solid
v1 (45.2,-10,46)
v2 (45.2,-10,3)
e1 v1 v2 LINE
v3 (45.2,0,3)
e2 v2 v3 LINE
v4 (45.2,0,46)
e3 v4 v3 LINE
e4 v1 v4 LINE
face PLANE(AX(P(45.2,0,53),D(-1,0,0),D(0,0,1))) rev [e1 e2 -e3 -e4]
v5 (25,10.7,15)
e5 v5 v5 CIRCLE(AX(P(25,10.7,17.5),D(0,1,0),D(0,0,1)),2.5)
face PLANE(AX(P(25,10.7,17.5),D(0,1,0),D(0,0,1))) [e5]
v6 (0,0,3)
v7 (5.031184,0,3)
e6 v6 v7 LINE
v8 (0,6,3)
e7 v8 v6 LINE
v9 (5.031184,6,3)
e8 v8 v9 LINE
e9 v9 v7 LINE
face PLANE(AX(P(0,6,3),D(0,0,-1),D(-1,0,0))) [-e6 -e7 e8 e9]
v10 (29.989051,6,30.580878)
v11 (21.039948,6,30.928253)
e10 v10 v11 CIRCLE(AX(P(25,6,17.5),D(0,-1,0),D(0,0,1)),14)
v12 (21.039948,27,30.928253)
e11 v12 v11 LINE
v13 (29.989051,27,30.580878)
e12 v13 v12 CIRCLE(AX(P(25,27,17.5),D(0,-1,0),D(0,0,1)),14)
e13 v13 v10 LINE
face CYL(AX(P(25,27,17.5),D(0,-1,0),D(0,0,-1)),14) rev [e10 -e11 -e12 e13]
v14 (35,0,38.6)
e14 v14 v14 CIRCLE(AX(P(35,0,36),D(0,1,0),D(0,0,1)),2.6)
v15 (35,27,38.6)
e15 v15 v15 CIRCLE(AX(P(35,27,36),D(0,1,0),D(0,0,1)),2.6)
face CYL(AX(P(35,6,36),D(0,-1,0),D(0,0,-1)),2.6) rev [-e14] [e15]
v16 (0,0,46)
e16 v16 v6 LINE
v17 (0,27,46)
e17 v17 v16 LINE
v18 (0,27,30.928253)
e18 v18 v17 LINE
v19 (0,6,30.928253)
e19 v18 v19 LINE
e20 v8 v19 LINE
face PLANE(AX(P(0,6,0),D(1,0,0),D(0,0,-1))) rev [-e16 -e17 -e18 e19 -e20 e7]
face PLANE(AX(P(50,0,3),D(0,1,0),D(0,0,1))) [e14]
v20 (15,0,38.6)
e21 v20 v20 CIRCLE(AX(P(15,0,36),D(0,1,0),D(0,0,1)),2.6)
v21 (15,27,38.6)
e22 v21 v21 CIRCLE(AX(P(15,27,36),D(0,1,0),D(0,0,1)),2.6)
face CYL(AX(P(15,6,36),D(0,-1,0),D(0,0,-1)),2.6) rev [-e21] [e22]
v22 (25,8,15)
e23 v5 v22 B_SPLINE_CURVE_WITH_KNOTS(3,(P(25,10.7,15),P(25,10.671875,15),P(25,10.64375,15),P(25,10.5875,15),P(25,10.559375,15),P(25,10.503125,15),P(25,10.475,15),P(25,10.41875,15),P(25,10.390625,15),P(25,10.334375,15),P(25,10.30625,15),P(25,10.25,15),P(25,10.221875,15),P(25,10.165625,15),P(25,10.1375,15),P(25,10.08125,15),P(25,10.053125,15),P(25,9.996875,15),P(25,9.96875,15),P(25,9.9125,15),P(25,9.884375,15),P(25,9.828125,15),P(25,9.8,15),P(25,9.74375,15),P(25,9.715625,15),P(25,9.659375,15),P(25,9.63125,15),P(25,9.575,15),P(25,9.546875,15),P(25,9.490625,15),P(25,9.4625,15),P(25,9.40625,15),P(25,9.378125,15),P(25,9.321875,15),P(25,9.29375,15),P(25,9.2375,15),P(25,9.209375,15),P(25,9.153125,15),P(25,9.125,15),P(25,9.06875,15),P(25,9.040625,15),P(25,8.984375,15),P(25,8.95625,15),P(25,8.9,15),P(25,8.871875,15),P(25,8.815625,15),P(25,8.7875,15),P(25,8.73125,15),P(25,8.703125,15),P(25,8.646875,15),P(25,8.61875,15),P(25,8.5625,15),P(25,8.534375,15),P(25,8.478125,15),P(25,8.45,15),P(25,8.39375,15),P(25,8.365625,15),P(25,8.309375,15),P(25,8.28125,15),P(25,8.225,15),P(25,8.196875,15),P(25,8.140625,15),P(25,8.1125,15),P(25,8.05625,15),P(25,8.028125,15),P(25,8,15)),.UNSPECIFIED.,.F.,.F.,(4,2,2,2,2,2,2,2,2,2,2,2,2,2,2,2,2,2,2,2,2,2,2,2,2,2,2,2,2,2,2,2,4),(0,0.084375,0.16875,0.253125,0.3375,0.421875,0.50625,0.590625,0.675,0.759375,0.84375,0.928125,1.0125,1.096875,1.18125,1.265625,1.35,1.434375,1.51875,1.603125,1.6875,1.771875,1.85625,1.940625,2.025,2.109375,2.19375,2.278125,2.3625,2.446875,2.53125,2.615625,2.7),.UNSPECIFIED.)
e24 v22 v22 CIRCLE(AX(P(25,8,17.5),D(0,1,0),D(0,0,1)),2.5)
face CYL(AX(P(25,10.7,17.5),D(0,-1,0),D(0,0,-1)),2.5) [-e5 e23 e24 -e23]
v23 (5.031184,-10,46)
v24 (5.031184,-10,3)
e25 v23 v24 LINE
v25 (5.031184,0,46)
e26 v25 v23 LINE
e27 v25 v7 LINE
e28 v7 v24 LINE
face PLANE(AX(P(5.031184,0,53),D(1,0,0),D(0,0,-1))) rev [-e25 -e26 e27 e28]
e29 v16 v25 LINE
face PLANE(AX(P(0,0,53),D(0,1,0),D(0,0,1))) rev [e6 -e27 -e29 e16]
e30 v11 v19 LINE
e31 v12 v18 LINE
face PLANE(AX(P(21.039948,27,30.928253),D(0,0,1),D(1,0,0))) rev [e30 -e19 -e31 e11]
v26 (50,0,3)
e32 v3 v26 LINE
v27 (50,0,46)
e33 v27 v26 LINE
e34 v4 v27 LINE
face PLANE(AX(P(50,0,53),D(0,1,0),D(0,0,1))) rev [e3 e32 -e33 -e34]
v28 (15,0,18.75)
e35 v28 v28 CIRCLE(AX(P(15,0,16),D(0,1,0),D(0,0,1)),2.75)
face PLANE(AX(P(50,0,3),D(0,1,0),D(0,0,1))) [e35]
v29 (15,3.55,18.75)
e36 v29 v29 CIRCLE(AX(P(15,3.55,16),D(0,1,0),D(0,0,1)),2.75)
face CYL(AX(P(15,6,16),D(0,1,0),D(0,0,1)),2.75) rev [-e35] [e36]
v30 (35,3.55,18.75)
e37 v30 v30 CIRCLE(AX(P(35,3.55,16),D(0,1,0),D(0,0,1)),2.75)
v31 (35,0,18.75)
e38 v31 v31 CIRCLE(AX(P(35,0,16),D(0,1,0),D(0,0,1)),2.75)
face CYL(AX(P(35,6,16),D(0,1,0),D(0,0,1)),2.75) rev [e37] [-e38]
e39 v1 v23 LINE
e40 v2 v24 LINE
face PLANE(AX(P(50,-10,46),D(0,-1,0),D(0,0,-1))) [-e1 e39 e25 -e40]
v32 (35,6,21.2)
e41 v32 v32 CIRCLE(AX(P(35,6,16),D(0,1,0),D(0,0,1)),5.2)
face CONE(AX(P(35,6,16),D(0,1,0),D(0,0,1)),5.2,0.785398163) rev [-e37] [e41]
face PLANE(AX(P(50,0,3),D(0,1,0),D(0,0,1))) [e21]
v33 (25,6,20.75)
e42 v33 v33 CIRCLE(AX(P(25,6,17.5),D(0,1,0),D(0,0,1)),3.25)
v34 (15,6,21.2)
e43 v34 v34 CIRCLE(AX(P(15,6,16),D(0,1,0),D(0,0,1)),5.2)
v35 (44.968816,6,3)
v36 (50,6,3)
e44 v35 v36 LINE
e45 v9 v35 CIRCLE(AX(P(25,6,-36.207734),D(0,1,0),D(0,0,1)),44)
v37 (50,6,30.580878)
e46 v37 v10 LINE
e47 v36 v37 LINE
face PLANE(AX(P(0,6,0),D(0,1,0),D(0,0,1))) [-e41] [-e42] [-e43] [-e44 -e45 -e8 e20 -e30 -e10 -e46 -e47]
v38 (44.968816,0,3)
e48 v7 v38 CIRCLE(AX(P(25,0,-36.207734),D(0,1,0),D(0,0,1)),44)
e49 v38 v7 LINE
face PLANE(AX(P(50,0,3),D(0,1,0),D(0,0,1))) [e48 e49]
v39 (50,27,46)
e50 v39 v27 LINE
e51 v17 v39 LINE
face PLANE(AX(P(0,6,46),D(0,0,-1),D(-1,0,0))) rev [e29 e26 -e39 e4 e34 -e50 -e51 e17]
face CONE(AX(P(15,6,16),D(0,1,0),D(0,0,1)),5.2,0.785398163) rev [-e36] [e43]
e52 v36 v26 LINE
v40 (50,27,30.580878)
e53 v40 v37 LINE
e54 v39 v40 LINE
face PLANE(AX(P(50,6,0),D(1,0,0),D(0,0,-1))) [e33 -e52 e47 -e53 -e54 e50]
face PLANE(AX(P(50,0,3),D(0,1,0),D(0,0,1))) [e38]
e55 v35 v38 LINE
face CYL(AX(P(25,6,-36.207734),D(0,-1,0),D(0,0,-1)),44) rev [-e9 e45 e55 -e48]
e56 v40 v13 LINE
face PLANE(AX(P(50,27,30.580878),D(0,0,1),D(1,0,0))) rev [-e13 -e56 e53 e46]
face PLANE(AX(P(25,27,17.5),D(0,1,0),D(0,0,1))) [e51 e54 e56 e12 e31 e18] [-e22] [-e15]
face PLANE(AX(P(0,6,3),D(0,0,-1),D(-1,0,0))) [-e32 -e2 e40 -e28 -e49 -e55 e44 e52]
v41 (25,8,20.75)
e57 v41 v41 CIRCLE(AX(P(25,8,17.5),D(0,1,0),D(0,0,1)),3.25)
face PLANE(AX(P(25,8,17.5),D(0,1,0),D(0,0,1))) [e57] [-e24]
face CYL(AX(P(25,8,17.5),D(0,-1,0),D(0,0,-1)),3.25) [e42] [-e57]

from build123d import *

# Parameters (mm, degrees)
SKETCH1_R                                       = 2.6
BOSS_EXTRUDE1_DEPTH                             = 6
SKETCH2_R                                       = 3.25
BOSS_EXTRUDE2_DEPTH                             = 2
SKETCH3_R                                       = 2.5
BOSS_EXTRUDE3_DEPTH                             = 2.7
CSK_FOR_M5_FLAT_HEAD_MACHINE_SCREW1_D           = 5.5
CSK_FOR_M5_FLAT_HEAD_MACHINE_SCREW1_CSINK_D     = 10.4
CSK_FOR_M5_FLAT_HEAD_MACHINE_SCREW1_CSINK_ANGLE = 90
SKETCH7_R                                       = 2.6
BOSS_EXTRUDE5_DEPTH                             = 21
SKETCH8_W                                       = 43
SKETCH8_H                                       = 10
BOSS_EXTRUDE6_DEPTH                             = 50
SKETCH9_W                                       = 4.8
SKETCH9_H                                       = 10
SKETCH9_W_2                                     = 5.031184409
CUT_EXTRUDE1_DEPTH                              = 50


with BuildPart() as part:
    # Sketch1 → Boss-Extrude1 (new body)
    with BuildSketch(Plane(origin=(0, 0, 0), x_dir=(1, 0, 0), z_dir=(0, 1, 0))):
        with BuildLine():
            Line((5.031184409, -3), (0, -3))
            Line((0, -3), (0, -46))
            Line((0, -46), (50, -46))
            Line((50, -46), (50, -3))
            Line((50, -3), (44.968815591, -3))
            ThreePointArc((44.968815591, -3), (25, -7.79226602), (5.031184409, -3))
        make_face()
        with Locations(Location((15, -36, 0), (0, 0, 270))):
            Circle(SKETCH1_R, mode=Mode.SUBTRACT)
        with Locations(Location((35, -36, 0), (0, 0, 270))):
            Circle(SKETCH1_R, mode=Mode.SUBTRACT)
        with Locations(Location((15, -16, 0), (0, 0, 270))):
            Circle(SKETCH1_R, mode=Mode.SUBTRACT)
        with Locations(Location((35, -16, 0), (0, 0, 270))):
            Circle(SKETCH1_R, mode=Mode.SUBTRACT)
    extrude(amount=BOSS_EXTRUDE1_DEPTH)

    # Sketch2 → Boss-Extrude2 (add)
    with BuildSketch(Plane(origin=(0, 6, 0), x_dir=(1, 0, 0), z_dir=(0, 1, 0))):
        with Locations(Location((25, -17.5, 0), (0, 0, 270))):
            Circle(SKETCH2_R)
    extrude(amount=BOSS_EXTRUDE2_DEPTH)

    # Sketch3 → Boss-Extrude3 (add)
    with BuildSketch(Plane(origin=(0, 8, 0), x_dir=(1, 0, 0), z_dir=(0, 1, 0))):
        with Locations(Location((25, -17.5, 0), (0, 0, 90))):
            Circle(SKETCH3_R)
    extrude(amount=BOSS_EXTRUDE3_DEPTH)

    # CSK for M5 Flat Head Machine Screw1 (through all)
    with Locations(Plane(origin=(0, 6, 0), x_dir=(1, 0, 0), z_dir=(0, 1, 0))):
        with Locations((15, -16), (35, -16)):
            CounterSinkHole(CSK_FOR_M5_FLAT_HEAD_MACHINE_SCREW1_D / 2, CSK_FOR_M5_FLAT_HEAD_MACHINE_SCREW1_CSINK_D / 2, counter_sink_angle=CSK_FOR_M5_FLAT_HEAD_MACHINE_SCREW1_CSINK_ANGLE)

    # Sketch7 → Boss-Extrude5 (add)
    with BuildSketch(Plane(origin=(0, 6, 0), x_dir=(1, 0, 0), z_dir=(0, 1, 0))):
        with BuildLine():
            Line((21.039948447, -30.928253487), (0, -30.928253487))
            Line((0, -30.928253487), (0, -46))
            Line((0, -46), (50, -46))
            Line((50, -46), (50, -30.580877922))
            Line((50, -30.580877922), (29.989051292, -30.580877922))
            ThreePointArc((29.989051292, -30.580877922), (25.543026299, -31.489464694), (21.039948447, -30.928253487))
        make_face()
        with Locations(Location((15, -36, 0), (0, 0, 270))):
            Circle(SKETCH7_R, mode=Mode.SUBTRACT)
        with Locations(Location((35, -36, 0), (0, 0, 270))):
            Circle(SKETCH7_R, mode=Mode.SUBTRACT)
    extrude(amount=BOSS_EXTRUDE5_DEPTH)

    # Sketch8 → Boss-Extrude6 (add)
    with BuildSketch(Plane.ZY):
        with Locations((24.5, -5)):
            Rectangle(SKETCH8_W, SKETCH8_H)
    extrude(amount=-BOSS_EXTRUDE6_DEPTH)

    # Sketch9 → Cut-Extrude1 (cut)
    with BuildSketch(Plane(origin=(0, 0, 3), x_dir=(-1, 0, 0), z_dir=(0, 0, -1))):
        with Locations((-47.6, -5)):
            Rectangle(SKETCH9_W, SKETCH9_H)
        with Locations((-2.515592205, -5)):
            Rectangle(SKETCH9_W_2, SKETCH9_H)
    extrude(amount=-CUT_EXTRUDE1_DEPTH, mode=Mode.SUBTRACT)


solid = part.part
